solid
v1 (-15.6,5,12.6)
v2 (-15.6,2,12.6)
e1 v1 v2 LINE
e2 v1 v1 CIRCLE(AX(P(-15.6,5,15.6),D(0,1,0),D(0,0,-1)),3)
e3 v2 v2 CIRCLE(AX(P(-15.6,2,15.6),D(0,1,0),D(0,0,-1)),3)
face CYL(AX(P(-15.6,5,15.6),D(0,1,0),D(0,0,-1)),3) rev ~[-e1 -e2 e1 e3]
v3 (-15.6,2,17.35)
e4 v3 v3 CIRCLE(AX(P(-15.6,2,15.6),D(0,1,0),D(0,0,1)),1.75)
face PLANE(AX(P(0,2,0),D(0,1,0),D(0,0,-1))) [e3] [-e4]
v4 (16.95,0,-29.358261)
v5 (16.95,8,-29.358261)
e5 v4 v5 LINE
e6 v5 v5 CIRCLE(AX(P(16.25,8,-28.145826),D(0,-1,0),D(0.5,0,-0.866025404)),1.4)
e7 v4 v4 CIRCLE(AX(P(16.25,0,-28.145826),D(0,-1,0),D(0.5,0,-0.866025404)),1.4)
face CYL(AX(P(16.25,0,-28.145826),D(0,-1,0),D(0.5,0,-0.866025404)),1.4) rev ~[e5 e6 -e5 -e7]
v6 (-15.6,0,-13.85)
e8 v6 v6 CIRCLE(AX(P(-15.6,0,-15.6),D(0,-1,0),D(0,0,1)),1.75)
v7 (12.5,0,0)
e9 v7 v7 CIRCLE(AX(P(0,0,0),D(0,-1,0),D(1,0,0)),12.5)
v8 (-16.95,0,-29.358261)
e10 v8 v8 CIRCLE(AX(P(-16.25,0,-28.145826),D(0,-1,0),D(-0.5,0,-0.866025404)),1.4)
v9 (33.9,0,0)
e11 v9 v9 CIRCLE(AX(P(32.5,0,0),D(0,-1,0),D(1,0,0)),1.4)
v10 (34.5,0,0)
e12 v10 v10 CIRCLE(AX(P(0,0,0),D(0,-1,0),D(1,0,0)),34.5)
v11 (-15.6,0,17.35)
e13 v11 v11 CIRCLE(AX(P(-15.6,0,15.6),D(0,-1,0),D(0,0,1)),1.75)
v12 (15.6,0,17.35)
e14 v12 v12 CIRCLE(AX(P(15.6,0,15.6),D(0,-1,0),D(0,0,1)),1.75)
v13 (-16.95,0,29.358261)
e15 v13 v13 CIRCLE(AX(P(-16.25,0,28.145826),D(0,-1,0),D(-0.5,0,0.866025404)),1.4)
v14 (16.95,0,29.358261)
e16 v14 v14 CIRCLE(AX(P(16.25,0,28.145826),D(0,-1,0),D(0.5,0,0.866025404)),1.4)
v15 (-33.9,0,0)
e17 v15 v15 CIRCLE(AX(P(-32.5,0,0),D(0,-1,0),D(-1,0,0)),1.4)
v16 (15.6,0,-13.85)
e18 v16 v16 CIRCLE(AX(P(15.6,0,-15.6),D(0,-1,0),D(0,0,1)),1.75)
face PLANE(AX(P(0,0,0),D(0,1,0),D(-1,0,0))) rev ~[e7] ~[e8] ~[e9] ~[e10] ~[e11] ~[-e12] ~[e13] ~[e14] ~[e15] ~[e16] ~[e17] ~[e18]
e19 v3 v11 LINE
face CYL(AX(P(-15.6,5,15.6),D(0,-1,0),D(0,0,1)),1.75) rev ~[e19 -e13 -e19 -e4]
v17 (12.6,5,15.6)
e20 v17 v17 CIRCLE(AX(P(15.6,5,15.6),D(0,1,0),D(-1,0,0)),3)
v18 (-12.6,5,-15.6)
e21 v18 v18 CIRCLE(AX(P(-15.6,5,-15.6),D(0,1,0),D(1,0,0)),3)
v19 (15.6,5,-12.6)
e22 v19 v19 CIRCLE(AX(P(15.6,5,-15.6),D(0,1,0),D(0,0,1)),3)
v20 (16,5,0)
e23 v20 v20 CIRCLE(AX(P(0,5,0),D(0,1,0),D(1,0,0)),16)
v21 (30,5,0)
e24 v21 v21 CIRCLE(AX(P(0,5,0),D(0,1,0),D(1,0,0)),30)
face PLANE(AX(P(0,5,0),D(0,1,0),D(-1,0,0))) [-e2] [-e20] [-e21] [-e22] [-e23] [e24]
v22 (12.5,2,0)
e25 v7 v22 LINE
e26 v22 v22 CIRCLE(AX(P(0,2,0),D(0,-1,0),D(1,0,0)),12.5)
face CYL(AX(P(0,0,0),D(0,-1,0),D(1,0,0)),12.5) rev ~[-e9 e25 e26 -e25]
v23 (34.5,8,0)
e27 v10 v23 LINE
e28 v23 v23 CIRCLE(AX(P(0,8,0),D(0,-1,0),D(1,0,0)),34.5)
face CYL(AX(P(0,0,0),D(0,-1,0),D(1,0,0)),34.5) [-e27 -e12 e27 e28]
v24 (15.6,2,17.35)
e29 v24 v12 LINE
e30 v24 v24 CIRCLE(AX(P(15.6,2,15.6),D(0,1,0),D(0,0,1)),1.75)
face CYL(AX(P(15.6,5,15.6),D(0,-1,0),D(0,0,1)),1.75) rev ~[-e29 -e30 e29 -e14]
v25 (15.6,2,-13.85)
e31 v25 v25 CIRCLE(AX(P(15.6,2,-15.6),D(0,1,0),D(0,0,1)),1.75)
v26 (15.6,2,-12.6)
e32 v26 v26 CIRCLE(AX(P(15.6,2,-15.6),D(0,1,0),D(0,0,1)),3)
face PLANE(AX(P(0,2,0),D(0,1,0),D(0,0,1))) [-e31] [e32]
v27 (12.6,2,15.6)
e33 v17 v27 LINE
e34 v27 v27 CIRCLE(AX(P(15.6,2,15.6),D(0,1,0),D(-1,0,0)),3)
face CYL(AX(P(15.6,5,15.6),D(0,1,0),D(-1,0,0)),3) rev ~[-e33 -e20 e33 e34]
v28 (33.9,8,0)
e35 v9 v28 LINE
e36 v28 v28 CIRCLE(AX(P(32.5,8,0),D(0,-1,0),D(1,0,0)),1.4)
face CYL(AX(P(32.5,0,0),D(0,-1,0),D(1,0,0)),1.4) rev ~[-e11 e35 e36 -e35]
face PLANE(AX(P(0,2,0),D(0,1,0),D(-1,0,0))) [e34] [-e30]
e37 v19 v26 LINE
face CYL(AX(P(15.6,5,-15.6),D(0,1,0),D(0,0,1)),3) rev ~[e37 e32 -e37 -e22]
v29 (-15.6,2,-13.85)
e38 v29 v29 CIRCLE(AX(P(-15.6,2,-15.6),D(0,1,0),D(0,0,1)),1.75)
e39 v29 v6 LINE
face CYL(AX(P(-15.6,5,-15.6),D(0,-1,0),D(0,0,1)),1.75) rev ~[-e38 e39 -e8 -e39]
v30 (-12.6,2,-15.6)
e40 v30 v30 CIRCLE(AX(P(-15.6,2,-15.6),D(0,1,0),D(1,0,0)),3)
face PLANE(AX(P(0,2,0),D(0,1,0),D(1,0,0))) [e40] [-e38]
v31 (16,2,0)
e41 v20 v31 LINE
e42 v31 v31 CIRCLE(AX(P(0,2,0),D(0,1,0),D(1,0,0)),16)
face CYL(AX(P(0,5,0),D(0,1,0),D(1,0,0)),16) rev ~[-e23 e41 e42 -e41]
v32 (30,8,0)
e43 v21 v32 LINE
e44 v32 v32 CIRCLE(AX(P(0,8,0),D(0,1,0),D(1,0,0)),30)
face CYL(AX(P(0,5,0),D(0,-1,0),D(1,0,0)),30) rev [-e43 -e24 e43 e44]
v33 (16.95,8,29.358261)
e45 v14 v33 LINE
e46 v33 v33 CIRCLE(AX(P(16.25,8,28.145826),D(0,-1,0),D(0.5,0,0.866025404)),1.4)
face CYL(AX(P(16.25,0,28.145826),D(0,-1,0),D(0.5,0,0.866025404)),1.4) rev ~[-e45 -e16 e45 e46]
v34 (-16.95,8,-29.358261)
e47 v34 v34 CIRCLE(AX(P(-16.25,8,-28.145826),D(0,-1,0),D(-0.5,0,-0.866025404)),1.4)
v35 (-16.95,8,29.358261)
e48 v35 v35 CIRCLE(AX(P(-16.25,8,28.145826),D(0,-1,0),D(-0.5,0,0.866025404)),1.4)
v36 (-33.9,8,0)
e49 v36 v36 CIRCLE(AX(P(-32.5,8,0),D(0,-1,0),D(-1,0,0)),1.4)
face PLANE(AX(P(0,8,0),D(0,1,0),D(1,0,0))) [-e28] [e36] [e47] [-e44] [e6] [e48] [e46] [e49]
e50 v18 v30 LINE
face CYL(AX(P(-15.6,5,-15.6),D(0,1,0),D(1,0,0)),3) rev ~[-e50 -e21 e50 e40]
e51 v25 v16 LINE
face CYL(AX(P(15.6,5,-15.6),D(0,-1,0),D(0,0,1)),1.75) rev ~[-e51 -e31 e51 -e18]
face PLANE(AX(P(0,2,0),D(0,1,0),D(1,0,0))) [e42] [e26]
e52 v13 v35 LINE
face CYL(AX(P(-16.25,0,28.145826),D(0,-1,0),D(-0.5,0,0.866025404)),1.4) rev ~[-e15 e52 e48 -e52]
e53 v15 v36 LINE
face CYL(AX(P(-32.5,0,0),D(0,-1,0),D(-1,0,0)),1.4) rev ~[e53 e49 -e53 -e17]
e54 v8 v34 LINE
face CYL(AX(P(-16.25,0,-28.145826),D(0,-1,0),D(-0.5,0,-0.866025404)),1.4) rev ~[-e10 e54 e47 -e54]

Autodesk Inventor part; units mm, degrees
ref_plane "YZ Plane" through (0, 0, 0) normal (1, 0, 0) x (0, 1, 0)
ref_plane "XZ Plane" through (0, 0, 0) normal (0, 1, 0) x (-1, 0, 0)
ref_plane "XY Plane" through (0, 0, 0) normal (0, 0, 1) x (1, 0, 0)
sketch "Sketch1" plane through (0, 0, 0) normal (0, 1, 0) x (-1, 0, 0)
  circle A0 centre (0, 0) radius 35
  dimension "d0" = 70
extrude "Extrusion1" add sketch "Sketch1" along normal blind 5
sketch "Sketch2" plane through (0, 5, 0) normal (0, 1, 0) x (1, 0, 0)
  circle A0 centre (0, 0) radius 30
  circle A1 centre (0, 0) radius 35
  dimension "d3" = 60
extrude "Extrusion2" add sketch "Sketch2" along normal blind 3
sketch "Sketch3" plane through (0, 0, 0) normal (0, -1, 0) x (1, 0, 0)
  circle A0 centre (32.5, 0) radius 1.4
  point P0 (0, 0)
  dimension "d8" = 32.5
  dimension "d9" = 2.8
extrude "Extrusion3" cut sketch "Sketch3" against normal up to surface (8 mm away)
pattern_circular "Circular Pattern1" count 6 over 360 about axis through (0, 0, 0) along (0, 1, 0) of "Extrusion3"
sketch "Sketch4" plane through (0, 0, 0) normal (0, -1, 0) x (1, 0, 0)
  circle A0 centre (0, 0) radius 12.5
  dimension "d15" = 25
extrude "Extrusion4" cut sketch "Sketch4" against normal up to surface (5 mm away)
sketch "Sketch5" plane through (0, 5, 0) normal (0, 1, 0) x (1, 0, 0)
  point P0 (0, 0)
  point P1 (-15.6, 15.6)
  point P2 (15.6, 15.6)
  point P3 (15.6, -15.6)
  point P4 (-15.6, -15.6)
  dimension "d18" = 15.6
  dimension "d19" = 15.6
  dimension "d33" = 15.6
  dimension "d34" = 15.6
hole "Hole1" at (-15.6, 5, -15.6) at (15.6, 5, -15.6) at (15.6, 5, 15.6) at (-15.6, 5, 15.6) direction (0, -1, 0) diameter 3.5 end through all
sketch "Sketch6" plane through (0, 5, 0) normal (0, 1, 0) x (1, 0, 0)
  circle A0 centre (-15.6, 15.6) radius 1.75 projected
  circle A1 centre (-15.6, 15.6) radius 3
  point P0 (0, 0)
  dimension "d27" = 6
extrude "Extrusion5" cut sketch "Sketch6" against normal blind 3
pattern_circular "Circular Pattern2" count 4 over 360 about axis through (0, 0, 0) along (0, 1, 0) of "Extrusion5"
sketch "Sketch7" plane through (0, 5, 0) normal (0, 1, 0) x (1, 0, 0)
  circle A0 centre (0, 0) radius 16
  dimension "d35" = 32
extrude "Extrusion6" cut sketch "Sketch7" against normal blind 3
sketch "Sketch8" plane through (0, 0, 0) normal (0, -1, 0) x (1, 0, 0)
  circle A0 centre (0, 0) radius 35
  circle A1 centre (0, 0) radius 34.5
  dimension "d38" = 70
  dimension "d39" = 69
extrude "Extrusion7" cut sketch "Sketch8" against normal up to surface (8 mm away)
properties part number "Top_3DPrint"
